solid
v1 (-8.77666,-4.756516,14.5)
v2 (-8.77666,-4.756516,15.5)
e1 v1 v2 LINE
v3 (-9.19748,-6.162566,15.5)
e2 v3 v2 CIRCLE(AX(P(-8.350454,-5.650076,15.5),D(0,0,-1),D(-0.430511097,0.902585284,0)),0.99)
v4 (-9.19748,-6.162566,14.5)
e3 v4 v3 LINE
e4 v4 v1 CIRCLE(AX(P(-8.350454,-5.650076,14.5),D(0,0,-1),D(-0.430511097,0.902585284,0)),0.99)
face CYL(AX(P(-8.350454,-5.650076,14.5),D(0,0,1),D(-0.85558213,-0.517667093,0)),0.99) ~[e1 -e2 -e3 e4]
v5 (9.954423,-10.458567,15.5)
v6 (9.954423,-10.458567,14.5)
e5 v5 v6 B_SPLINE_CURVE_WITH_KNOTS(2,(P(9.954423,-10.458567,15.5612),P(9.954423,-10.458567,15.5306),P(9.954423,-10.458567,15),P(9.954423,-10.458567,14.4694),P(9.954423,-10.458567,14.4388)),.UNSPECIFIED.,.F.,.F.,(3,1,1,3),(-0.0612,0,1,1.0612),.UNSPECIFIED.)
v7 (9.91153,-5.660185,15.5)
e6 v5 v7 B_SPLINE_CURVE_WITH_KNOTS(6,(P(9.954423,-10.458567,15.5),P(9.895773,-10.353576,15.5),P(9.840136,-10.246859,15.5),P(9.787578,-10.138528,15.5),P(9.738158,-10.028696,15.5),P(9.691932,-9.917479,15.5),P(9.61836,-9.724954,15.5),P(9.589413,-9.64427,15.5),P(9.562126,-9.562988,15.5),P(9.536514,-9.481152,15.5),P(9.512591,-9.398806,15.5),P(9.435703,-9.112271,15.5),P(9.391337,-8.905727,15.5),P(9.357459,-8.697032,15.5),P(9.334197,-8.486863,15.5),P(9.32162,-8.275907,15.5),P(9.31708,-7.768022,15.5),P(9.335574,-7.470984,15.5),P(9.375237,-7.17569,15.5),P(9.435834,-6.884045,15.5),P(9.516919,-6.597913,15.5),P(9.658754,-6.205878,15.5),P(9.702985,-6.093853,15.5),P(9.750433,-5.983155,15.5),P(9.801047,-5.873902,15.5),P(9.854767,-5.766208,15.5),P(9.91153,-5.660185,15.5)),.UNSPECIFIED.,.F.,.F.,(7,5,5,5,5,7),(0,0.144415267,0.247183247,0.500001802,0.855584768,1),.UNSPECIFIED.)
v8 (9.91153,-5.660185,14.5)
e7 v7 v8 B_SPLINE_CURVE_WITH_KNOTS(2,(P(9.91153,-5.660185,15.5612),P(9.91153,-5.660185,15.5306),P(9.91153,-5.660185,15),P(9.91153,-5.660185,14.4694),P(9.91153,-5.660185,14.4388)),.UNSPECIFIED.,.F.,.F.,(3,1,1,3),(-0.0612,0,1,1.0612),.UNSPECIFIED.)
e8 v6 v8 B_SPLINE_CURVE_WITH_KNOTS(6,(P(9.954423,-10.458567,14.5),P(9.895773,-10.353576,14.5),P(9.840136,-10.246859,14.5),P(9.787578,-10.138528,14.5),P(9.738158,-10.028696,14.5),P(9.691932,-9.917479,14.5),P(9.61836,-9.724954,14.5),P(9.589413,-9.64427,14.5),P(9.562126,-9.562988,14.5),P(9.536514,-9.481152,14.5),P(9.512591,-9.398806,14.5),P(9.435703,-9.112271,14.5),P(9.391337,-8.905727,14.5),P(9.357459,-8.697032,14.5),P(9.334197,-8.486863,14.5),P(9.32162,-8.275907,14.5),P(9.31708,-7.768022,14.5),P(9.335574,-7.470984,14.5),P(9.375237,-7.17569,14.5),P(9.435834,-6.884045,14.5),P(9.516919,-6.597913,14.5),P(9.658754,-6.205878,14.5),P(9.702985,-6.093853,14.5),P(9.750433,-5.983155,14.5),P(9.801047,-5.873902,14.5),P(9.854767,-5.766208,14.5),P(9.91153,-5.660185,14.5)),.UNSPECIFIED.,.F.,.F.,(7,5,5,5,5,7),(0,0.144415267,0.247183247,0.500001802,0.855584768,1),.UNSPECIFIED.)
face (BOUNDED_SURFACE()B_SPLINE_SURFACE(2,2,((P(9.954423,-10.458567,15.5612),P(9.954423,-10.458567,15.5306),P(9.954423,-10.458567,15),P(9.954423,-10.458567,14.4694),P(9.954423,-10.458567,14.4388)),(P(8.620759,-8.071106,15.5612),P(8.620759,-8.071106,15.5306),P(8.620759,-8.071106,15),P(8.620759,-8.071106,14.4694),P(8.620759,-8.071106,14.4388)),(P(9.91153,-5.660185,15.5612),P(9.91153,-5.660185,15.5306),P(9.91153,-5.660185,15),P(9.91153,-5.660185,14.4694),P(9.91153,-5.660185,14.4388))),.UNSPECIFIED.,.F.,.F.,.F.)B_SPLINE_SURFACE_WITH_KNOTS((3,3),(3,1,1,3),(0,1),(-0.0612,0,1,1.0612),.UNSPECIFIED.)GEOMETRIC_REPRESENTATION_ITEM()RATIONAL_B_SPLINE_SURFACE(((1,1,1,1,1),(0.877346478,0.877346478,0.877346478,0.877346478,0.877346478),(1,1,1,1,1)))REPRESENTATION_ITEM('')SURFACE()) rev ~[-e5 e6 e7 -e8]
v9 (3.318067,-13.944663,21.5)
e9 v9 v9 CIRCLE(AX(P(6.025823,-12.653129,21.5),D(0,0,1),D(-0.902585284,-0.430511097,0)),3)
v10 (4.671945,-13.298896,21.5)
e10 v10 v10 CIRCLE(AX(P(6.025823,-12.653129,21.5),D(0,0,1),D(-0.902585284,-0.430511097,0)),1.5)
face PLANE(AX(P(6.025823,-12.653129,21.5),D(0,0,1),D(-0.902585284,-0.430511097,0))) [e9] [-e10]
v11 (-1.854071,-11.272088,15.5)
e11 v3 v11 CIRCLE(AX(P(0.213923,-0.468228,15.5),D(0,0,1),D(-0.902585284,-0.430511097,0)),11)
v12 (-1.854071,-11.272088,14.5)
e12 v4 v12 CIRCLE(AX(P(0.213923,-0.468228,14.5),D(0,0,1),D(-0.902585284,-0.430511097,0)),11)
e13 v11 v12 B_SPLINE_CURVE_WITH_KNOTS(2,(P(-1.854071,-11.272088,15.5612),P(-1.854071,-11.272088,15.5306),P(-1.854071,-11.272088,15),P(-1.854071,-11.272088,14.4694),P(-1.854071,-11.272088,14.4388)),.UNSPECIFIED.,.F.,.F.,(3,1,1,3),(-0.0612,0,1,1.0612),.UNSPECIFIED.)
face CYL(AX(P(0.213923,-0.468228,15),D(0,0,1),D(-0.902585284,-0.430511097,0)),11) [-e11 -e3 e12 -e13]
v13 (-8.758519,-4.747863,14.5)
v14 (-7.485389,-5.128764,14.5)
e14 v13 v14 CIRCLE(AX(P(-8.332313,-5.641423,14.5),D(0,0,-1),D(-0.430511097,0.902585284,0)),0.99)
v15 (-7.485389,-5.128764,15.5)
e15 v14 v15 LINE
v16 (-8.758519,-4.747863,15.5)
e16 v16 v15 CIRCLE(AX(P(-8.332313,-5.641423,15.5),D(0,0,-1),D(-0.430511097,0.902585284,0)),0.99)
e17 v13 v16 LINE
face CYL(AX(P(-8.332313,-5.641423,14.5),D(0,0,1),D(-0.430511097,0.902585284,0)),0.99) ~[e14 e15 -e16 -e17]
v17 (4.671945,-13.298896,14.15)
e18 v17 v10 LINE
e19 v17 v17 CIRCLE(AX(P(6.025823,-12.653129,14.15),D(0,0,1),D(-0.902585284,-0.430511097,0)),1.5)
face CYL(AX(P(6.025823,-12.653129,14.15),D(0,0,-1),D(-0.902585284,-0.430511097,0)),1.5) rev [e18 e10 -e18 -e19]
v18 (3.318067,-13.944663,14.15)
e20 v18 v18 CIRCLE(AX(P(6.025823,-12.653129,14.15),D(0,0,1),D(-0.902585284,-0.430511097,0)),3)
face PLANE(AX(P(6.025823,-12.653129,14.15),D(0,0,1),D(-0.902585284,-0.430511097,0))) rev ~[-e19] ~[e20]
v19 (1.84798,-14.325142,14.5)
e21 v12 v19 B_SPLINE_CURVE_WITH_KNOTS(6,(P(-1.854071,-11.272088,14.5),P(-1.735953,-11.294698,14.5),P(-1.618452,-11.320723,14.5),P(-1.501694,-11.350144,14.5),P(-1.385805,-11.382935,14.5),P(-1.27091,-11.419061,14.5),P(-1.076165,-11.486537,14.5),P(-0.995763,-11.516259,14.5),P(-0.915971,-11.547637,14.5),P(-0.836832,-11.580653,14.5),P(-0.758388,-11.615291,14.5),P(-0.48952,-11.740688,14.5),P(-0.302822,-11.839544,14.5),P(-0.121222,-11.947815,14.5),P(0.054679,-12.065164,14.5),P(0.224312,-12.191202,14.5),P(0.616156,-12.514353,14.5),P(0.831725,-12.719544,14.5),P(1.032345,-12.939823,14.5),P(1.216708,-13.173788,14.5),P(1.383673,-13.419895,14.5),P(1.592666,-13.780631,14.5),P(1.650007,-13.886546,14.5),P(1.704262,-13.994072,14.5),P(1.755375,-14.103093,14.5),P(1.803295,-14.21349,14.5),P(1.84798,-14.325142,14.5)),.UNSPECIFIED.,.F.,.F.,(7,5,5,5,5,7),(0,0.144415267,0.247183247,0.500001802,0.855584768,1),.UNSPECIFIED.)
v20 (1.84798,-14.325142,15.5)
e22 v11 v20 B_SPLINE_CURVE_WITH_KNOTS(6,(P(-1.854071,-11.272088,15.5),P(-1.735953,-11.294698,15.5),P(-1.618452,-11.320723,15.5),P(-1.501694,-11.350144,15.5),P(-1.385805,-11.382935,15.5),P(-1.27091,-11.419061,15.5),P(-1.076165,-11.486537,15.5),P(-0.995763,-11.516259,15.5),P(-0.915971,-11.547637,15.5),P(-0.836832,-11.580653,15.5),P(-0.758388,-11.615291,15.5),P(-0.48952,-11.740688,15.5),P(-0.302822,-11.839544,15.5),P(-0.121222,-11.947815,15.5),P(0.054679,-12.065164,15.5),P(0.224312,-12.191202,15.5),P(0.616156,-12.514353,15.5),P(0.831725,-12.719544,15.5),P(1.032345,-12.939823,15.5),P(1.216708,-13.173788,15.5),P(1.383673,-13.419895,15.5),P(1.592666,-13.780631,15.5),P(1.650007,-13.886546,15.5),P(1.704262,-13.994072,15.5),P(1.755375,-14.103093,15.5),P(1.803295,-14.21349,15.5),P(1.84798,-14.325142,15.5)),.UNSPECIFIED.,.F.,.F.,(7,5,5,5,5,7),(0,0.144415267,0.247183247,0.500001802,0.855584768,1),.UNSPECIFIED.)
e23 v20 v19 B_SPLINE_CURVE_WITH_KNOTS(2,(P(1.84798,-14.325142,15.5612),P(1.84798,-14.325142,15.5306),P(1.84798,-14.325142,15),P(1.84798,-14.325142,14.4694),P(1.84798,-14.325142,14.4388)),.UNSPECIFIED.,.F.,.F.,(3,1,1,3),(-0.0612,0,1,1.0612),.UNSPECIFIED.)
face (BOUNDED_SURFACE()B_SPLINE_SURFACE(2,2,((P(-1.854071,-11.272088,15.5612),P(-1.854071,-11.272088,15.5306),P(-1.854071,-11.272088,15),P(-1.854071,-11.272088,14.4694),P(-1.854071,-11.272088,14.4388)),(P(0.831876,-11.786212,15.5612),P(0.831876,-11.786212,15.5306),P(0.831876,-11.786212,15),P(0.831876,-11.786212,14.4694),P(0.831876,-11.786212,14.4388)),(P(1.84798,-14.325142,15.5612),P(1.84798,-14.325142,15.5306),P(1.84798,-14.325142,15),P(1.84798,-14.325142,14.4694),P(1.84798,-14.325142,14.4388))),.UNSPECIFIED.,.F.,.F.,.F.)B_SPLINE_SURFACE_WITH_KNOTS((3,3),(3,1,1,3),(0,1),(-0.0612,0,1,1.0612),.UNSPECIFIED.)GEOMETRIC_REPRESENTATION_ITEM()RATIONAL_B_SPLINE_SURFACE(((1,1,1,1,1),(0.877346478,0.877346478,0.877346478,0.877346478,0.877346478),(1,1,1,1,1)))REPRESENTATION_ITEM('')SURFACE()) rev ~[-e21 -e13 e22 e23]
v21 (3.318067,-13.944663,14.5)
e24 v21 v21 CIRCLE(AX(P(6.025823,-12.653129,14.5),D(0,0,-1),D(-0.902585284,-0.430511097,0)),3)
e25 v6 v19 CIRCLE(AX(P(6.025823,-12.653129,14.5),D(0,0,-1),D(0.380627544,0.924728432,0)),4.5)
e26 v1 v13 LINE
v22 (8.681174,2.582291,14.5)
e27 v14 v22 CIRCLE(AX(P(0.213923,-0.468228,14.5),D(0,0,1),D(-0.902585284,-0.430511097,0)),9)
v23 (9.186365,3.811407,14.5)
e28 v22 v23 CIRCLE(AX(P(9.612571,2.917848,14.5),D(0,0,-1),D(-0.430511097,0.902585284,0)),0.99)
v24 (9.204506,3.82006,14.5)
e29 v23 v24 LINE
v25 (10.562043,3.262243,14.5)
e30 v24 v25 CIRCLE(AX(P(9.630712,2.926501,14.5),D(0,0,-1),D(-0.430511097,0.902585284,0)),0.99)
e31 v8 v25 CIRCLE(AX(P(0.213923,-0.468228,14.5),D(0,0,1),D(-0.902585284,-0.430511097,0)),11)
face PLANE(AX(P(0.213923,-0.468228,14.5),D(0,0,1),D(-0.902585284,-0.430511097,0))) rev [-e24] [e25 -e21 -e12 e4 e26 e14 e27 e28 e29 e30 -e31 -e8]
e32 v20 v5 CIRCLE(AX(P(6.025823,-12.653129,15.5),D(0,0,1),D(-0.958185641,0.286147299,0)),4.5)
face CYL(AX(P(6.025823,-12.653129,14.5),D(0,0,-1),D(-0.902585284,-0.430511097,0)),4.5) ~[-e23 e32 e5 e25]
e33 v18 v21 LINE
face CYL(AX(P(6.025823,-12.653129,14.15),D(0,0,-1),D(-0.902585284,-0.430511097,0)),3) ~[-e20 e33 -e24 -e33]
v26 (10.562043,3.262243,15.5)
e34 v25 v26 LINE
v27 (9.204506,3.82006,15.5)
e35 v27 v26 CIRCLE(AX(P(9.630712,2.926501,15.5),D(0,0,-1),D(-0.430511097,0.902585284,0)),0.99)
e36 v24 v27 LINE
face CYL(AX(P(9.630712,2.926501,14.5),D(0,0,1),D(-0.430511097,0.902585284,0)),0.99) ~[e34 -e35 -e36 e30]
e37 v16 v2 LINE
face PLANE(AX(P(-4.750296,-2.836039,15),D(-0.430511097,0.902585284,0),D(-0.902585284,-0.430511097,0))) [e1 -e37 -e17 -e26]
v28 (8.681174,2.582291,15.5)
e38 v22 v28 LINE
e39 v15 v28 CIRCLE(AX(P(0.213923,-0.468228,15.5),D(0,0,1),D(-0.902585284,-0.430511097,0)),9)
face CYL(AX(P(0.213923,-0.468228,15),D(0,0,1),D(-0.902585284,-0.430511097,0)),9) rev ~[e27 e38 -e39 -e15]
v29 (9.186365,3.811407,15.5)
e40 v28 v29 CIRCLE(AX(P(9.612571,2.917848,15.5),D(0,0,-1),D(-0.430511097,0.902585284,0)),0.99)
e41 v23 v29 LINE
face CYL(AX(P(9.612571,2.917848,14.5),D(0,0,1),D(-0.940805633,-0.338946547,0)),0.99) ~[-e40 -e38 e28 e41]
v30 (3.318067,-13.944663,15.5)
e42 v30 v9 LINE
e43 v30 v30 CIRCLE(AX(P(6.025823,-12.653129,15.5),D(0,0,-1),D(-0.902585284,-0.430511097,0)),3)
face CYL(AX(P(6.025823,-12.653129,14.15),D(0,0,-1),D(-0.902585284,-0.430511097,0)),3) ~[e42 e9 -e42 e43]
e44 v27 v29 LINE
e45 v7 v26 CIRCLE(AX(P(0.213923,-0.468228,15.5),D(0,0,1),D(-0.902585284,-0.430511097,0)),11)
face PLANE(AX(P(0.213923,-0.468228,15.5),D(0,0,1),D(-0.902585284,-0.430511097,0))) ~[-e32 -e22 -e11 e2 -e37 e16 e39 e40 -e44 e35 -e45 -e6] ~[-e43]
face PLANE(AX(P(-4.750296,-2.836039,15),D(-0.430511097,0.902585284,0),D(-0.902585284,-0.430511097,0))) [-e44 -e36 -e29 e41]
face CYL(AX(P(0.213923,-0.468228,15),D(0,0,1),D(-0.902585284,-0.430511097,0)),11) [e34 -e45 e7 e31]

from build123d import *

# Parameters (mm, degrees)
CYLINDER907_R             = 1.5
CYLINDER907_DEPTH         = 7.35
CYLINDER903_W             = 9
CYLINDER903_H             = 1
CYLINDER903_ANGLE         = 180
CYLINDER904_W             = 11
CYLINDER904_H             = 1
CYLINDER904_ANGLE         = 180
CYLINDER906_R             = 3
CYLINDER906_DEPTH         = 7.35
CYLINDER905_R             = 4.5
CYLINDER905_DEPTH         = 1
FILLET015_R               = 5
FILLET016_R               = 0.99
FILLET016_PLACEMENT_ANGLE = 205.5


with BuildPart() as cylinder1030:
    # Cylinder907 → Cylinder907 (new body)
    with BuildSketch(Plane(origin=(0, 13.5, -0.35), x_dir=(1, 0, 0), z_dir=(0, 0, 1))):
        Circle(CYLINDER907_R)
    extrude(amount=CYLINDER907_DEPTH)


with BuildPart() as cylinder1026:
    # Cylinder903 → Cylinder903 (revolve)
    with BuildSketch(Plane.XZ):
        with Locations((4.5, 0.5)):
            Rectangle(CYLINDER903_W, CYLINDER903_H)
    revolve(axis=Axis((0, 0, 0), (0, 0, 1)), revolution_arc=CYLINDER903_ANGLE)


with BuildPart() as cut014023:
    # Cylinder904 → Cylinder904 (revolve)
    with BuildSketch(Plane.XZ):
        with Locations((5.5, 0.5)):
            Rectangle(CYLINDER904_W, CYLINDER904_H)
    revolve(axis=Axis((0, 0, 0), (0, 0, 1)), revolution_arc=CYLINDER904_ANGLE)

    # Cut014023: cut Cylinder1026
    add(cylinder1026.part, mode=Mode.SUBTRACT)


with BuildPart() as cylinder1029:
    # Cylinder906 → Cylinder906 (new body)
    with BuildSketch(Plane(origin=(0, 13.5, -0.35), x_dir=(1, 0, 0), z_dir=(0, 0, 1))):
        Circle(CYLINDER906_R)
    extrude(amount=CYLINDER906_DEPTH)


with BuildPart() as selector:
    # Cylinder905 → Cylinder905 (new body)
    with BuildSketch(Plane(origin=(0, 13.5, 0), x_dir=(1, 0, 0), z_dir=(0, 0, 1))):
        Circle(CYLINDER905_R)
    extrude(amount=CYLINDER905_DEPTH)

    # Fusion060: union Cut014023, Cylinder1029
    add(cut014023.part)
    add(cylinder1029.part)

    # Cut014024: cut Cylinder1030
    add(cylinder1030.part, mode=Mode.SUBTRACT)

    # Fillet015
    fillet015_edges = [selector.edges().sort_by_distance(p)[0] for p in [
        (-3.337446, 10.481481, 0.5),
        (3.337446, 10.481481, 0.5),
    ]]
    fillet(fillet015_edges, radius=FILLET015_R)

    # Fillet016
    fillet016_edges = [selector.edges().sort_by_distance(p)[0] for p in [
        (-11, 0, 0.5),
        (-9, 0, 0.5),
        (11, 0, 0.5),
        (9, 0, 0.5),
    ]]
    fillet(fillet016_edges, radius=FILLET016_R)


with BuildPart() as selector_1:
    # Fillet016 placement: moved
    add(selector.part.moved(Location((0.213923, -0.468228, 14.5))).rotate(Axis((0.213923, -0.468228, 14.5), (0, 0, 1)), FILLET016_PLACEMENT_ANGLE))


solid = selector_1.part
